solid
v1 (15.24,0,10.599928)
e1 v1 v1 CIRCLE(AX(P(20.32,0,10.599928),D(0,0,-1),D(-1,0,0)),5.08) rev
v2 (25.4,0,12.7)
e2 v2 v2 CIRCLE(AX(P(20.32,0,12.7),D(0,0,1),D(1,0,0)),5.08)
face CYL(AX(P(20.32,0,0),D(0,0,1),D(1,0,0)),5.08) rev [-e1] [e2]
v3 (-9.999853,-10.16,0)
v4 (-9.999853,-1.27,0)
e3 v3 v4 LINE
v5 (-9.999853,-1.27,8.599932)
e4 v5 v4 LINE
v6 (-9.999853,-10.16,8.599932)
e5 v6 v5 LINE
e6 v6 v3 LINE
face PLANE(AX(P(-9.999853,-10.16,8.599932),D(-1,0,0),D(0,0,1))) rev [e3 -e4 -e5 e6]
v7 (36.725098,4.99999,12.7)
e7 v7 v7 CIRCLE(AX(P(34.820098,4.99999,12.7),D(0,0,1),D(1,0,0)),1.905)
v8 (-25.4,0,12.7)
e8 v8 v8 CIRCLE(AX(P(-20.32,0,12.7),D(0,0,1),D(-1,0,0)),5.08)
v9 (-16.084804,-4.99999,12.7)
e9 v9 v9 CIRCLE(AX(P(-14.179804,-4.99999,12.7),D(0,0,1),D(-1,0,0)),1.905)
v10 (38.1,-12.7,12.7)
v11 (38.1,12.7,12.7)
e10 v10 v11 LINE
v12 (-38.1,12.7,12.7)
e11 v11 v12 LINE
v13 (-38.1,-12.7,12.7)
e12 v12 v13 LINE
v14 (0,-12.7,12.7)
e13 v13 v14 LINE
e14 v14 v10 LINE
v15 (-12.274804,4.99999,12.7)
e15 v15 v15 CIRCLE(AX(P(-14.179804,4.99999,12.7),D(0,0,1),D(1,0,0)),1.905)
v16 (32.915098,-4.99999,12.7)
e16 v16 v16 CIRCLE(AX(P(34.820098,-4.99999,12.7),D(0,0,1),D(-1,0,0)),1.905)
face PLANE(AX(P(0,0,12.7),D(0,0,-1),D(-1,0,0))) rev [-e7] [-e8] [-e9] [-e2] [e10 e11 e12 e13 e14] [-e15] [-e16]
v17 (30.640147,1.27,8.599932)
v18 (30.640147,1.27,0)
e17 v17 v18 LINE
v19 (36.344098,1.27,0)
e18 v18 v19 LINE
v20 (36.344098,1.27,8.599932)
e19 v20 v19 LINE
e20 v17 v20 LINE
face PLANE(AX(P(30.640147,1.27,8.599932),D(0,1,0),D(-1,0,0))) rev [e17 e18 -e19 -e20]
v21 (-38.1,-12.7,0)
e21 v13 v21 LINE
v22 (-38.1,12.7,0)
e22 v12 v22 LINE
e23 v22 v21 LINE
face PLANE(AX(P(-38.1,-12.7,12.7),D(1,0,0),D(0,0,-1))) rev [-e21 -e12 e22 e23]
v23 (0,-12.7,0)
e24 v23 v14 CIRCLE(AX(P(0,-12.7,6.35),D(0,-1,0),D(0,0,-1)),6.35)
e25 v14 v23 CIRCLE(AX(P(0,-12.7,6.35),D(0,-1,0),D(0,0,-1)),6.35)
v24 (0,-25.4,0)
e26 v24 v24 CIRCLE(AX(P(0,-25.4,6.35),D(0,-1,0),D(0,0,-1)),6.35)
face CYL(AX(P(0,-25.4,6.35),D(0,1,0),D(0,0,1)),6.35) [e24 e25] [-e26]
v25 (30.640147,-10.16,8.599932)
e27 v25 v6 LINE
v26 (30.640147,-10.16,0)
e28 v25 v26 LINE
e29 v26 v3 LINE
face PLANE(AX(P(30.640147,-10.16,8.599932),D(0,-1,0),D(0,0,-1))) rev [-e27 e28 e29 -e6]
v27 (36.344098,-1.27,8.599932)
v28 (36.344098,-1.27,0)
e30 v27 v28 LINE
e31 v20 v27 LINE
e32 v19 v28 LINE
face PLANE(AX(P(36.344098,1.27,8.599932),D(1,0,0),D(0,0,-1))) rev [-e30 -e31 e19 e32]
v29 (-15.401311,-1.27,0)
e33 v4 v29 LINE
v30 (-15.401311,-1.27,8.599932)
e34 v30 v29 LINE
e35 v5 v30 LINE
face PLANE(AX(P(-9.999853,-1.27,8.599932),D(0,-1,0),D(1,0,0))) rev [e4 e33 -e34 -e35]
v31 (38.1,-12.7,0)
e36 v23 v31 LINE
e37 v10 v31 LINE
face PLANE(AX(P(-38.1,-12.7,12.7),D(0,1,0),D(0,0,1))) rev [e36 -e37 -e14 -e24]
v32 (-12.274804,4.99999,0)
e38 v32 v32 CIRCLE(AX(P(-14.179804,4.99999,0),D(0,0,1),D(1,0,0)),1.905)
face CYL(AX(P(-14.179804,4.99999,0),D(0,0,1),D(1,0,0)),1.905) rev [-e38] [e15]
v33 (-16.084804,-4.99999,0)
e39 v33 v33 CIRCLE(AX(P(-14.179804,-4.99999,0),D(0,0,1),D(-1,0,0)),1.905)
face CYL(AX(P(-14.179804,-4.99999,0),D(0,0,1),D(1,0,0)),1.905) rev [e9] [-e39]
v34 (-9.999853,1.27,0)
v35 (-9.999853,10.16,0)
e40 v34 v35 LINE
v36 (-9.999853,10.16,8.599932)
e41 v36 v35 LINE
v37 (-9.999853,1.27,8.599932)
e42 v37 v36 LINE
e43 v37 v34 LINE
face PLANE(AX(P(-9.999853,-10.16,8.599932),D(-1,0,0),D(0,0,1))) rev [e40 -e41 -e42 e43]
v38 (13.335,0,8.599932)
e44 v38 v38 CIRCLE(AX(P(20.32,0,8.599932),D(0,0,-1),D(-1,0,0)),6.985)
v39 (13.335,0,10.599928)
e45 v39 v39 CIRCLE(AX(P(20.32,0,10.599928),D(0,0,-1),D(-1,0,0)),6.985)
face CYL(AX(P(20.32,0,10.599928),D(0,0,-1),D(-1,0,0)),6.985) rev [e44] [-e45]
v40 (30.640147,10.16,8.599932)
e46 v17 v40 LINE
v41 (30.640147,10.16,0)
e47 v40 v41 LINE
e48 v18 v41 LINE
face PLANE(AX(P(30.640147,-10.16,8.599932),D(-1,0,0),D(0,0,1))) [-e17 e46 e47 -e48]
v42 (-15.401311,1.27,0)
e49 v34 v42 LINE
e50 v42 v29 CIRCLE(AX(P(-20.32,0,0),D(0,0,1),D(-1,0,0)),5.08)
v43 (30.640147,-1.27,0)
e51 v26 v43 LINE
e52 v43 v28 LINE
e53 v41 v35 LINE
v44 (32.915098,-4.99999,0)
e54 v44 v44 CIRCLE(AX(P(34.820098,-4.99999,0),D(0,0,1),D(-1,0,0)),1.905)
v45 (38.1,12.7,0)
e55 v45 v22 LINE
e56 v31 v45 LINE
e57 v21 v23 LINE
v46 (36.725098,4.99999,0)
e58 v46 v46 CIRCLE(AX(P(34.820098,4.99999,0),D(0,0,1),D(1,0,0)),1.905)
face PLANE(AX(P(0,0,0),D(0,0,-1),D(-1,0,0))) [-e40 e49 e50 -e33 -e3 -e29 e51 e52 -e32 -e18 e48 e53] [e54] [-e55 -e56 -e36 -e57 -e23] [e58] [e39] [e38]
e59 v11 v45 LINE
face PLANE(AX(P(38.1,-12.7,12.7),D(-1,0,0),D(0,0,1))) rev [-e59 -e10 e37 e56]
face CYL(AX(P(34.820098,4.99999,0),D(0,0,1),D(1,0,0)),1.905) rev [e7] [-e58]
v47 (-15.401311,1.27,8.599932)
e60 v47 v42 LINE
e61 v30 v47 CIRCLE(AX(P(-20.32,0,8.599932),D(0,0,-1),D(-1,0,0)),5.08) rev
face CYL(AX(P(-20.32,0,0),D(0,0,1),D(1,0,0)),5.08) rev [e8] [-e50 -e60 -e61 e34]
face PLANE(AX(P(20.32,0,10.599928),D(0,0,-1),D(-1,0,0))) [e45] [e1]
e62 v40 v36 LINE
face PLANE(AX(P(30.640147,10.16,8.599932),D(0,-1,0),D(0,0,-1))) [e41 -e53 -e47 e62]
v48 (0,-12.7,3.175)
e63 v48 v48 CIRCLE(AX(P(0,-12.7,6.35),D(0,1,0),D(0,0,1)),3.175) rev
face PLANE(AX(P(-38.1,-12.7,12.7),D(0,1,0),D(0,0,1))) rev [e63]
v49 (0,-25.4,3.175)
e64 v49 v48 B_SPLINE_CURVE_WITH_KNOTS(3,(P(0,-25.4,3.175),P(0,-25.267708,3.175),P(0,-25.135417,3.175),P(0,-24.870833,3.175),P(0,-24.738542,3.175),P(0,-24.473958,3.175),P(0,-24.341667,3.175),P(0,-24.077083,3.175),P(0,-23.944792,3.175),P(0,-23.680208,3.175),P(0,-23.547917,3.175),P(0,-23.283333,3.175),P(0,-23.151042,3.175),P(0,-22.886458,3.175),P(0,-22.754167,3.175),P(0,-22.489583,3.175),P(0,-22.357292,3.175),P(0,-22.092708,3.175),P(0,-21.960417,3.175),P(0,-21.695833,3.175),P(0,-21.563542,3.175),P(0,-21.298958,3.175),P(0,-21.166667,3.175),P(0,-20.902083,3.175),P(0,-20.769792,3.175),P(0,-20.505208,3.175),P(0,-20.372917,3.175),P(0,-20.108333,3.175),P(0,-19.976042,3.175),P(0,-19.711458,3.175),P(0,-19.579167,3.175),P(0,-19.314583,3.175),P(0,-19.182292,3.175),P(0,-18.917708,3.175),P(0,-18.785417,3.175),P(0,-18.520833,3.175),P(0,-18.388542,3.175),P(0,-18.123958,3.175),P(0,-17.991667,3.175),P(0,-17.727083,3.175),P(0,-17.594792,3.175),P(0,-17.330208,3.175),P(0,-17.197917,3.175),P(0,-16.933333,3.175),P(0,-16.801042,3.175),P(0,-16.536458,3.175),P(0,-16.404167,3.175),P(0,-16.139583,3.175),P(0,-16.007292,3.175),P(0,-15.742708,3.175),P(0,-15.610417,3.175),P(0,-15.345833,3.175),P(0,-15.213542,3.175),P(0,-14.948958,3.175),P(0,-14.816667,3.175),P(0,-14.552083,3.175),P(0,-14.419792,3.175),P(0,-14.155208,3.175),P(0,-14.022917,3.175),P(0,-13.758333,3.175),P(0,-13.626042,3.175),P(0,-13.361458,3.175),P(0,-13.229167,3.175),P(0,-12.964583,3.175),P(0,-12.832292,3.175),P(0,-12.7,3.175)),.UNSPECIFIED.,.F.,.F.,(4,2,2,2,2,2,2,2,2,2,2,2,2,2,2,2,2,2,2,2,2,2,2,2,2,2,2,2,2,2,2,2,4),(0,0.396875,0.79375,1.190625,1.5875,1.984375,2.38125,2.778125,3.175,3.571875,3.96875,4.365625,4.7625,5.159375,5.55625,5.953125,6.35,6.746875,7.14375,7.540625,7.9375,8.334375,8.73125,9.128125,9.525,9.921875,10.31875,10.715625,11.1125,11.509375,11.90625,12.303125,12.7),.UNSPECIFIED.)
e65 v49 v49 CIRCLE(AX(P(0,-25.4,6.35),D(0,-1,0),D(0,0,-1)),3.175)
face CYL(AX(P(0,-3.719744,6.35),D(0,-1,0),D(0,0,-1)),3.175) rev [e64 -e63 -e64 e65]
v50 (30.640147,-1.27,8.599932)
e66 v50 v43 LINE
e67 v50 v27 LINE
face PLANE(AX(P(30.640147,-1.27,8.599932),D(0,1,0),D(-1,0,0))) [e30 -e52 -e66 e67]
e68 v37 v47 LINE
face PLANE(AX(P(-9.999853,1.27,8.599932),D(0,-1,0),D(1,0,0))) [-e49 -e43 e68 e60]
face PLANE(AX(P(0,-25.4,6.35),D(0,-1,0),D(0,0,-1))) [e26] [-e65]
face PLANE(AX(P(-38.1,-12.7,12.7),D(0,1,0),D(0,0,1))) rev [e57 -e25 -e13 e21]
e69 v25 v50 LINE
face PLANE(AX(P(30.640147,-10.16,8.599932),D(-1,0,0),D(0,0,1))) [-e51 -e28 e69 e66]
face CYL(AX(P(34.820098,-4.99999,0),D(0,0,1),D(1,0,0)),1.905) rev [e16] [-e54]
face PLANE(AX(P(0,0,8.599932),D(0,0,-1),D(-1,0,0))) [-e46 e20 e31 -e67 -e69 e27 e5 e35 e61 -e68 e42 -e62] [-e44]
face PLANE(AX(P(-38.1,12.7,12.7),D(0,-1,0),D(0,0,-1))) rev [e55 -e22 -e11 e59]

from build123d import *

# Parameters (mm, degrees)
SKETCH1_W           = 76.2
SKETCH1_H           = 25.4
BOSS_EXTRUDE1_DEPTH = 12.7
SKETCH2_R           = 5.08
CUT_EXTRUDE1_DEPTH  = 43.121134838
SKETCH3_R           = 1.905
CUT_EXTRUDE2_DEPTH  = 43.121134838
SKETCH4_W           = 40.64
SKETCH4_H           = 20.32
SKETCH4_W_2         = 5.703951
SKETCH4_H_2         = 2.54
CUT_EXTRUDE3_DEPTH  = 8.599932
SKETCH5_R           = 6.985
CUT_EXTRUDE4_DEPTH  = 1.999996
SKETCH9_R           = 6.35
BOSS_EXTRUDE3_DEPTH = 12.7
SKETCH7_R           = 3.175
CUT_EXTRUDE5_DEPTH  = 12.7


with BuildPart() as part:
    # Sketch1 → Boss-Extrude1 (new body)
    with BuildSketch(Plane.XY):
        Rectangle(SKETCH1_W, SKETCH1_H)
    extrude(amount=BOSS_EXTRUDE1_DEPTH)

    # Sketch2 → Cut-Extrude1 (cut, through all)
    with BuildSketch(Plane.XY.offset(12.7)):
        with Locations((20.32, 0)):
            Circle(SKETCH2_R)
        with Locations(Location((-20.32, 0, 0), (0, 0, 180))):
            Circle(SKETCH2_R)
    extrude(amount=-CUT_EXTRUDE1_DEPTH, mode=Mode.SUBTRACT)

    # Sketch3 → Cut-Extrude2 (cut, through all)
    with BuildSketch(Plane.XY.offset(12.7)):
        with Locations((34.820098, 4.99999)):
            Circle(SKETCH3_R)
        with Locations((-14.179804, 4.99999)):
            Circle(SKETCH3_R)
        with Locations(Location((34.820098, -4.99999, 0), (0, 0, 180))):
            Circle(SKETCH3_R)
        with Locations(Location((-14.179804, -4.99999, 0), (0, 0, 180))):
            Circle(SKETCH3_R)
    extrude(amount=-CUT_EXTRUDE2_DEPTH, mode=Mode.SUBTRACT)

    # Sketch4 → Cut-Extrude3 (cut)
    with BuildSketch(Plane(origin=(0, 0, 0), x_dir=(-1, 0, 0), z_dir=(0, 0, -1))):
        with Locations((-10.320147, 0)):
            Rectangle(SKETCH4_W, SKETCH4_H)
        with Locations((-33.4921225, 0)):
            Rectangle(SKETCH4_W_2, SKETCH4_H_2)
        with Locations((12.8518285, 0)):
            Rectangle(SKETCH4_W_2, SKETCH4_H_2)
    extrude(amount=-CUT_EXTRUDE3_DEPTH, mode=Mode.SUBTRACT)

    # Sketch5 → Cut-Extrude4 (cut)
    with BuildSketch(Plane(origin=(0, 0, 8.599932), x_dir=(-1, 0, 0), z_dir=(0, 0, -1))):
        with Locations((-20.32, 0)):
            Circle(SKETCH5_R)
    extrude(amount=-CUT_EXTRUDE4_DEPTH, mode=Mode.SUBTRACT)

    # Sketch9 → Boss-Extrude3 (add)
    with BuildSketch(Plane.XZ.offset(12.7)):
        with Locations(Location((0, 6.35, 0), (0, 0, 270))):
            Circle(SKETCH9_R)
    extrude(amount=BOSS_EXTRUDE3_DEPTH)

    # Sketch7 → Cut-Extrude5 (cut)
    with BuildSketch(Plane.XZ.offset(25.4)):
        with Locations(Location((0, 6.35, 0), (0, 0, 270))):
            Circle(SKETCH7_R)
    extrude(amount=-CUT_EXTRUDE5_DEPTH, mode=Mode.SUBTRACT)


solid = part.part
